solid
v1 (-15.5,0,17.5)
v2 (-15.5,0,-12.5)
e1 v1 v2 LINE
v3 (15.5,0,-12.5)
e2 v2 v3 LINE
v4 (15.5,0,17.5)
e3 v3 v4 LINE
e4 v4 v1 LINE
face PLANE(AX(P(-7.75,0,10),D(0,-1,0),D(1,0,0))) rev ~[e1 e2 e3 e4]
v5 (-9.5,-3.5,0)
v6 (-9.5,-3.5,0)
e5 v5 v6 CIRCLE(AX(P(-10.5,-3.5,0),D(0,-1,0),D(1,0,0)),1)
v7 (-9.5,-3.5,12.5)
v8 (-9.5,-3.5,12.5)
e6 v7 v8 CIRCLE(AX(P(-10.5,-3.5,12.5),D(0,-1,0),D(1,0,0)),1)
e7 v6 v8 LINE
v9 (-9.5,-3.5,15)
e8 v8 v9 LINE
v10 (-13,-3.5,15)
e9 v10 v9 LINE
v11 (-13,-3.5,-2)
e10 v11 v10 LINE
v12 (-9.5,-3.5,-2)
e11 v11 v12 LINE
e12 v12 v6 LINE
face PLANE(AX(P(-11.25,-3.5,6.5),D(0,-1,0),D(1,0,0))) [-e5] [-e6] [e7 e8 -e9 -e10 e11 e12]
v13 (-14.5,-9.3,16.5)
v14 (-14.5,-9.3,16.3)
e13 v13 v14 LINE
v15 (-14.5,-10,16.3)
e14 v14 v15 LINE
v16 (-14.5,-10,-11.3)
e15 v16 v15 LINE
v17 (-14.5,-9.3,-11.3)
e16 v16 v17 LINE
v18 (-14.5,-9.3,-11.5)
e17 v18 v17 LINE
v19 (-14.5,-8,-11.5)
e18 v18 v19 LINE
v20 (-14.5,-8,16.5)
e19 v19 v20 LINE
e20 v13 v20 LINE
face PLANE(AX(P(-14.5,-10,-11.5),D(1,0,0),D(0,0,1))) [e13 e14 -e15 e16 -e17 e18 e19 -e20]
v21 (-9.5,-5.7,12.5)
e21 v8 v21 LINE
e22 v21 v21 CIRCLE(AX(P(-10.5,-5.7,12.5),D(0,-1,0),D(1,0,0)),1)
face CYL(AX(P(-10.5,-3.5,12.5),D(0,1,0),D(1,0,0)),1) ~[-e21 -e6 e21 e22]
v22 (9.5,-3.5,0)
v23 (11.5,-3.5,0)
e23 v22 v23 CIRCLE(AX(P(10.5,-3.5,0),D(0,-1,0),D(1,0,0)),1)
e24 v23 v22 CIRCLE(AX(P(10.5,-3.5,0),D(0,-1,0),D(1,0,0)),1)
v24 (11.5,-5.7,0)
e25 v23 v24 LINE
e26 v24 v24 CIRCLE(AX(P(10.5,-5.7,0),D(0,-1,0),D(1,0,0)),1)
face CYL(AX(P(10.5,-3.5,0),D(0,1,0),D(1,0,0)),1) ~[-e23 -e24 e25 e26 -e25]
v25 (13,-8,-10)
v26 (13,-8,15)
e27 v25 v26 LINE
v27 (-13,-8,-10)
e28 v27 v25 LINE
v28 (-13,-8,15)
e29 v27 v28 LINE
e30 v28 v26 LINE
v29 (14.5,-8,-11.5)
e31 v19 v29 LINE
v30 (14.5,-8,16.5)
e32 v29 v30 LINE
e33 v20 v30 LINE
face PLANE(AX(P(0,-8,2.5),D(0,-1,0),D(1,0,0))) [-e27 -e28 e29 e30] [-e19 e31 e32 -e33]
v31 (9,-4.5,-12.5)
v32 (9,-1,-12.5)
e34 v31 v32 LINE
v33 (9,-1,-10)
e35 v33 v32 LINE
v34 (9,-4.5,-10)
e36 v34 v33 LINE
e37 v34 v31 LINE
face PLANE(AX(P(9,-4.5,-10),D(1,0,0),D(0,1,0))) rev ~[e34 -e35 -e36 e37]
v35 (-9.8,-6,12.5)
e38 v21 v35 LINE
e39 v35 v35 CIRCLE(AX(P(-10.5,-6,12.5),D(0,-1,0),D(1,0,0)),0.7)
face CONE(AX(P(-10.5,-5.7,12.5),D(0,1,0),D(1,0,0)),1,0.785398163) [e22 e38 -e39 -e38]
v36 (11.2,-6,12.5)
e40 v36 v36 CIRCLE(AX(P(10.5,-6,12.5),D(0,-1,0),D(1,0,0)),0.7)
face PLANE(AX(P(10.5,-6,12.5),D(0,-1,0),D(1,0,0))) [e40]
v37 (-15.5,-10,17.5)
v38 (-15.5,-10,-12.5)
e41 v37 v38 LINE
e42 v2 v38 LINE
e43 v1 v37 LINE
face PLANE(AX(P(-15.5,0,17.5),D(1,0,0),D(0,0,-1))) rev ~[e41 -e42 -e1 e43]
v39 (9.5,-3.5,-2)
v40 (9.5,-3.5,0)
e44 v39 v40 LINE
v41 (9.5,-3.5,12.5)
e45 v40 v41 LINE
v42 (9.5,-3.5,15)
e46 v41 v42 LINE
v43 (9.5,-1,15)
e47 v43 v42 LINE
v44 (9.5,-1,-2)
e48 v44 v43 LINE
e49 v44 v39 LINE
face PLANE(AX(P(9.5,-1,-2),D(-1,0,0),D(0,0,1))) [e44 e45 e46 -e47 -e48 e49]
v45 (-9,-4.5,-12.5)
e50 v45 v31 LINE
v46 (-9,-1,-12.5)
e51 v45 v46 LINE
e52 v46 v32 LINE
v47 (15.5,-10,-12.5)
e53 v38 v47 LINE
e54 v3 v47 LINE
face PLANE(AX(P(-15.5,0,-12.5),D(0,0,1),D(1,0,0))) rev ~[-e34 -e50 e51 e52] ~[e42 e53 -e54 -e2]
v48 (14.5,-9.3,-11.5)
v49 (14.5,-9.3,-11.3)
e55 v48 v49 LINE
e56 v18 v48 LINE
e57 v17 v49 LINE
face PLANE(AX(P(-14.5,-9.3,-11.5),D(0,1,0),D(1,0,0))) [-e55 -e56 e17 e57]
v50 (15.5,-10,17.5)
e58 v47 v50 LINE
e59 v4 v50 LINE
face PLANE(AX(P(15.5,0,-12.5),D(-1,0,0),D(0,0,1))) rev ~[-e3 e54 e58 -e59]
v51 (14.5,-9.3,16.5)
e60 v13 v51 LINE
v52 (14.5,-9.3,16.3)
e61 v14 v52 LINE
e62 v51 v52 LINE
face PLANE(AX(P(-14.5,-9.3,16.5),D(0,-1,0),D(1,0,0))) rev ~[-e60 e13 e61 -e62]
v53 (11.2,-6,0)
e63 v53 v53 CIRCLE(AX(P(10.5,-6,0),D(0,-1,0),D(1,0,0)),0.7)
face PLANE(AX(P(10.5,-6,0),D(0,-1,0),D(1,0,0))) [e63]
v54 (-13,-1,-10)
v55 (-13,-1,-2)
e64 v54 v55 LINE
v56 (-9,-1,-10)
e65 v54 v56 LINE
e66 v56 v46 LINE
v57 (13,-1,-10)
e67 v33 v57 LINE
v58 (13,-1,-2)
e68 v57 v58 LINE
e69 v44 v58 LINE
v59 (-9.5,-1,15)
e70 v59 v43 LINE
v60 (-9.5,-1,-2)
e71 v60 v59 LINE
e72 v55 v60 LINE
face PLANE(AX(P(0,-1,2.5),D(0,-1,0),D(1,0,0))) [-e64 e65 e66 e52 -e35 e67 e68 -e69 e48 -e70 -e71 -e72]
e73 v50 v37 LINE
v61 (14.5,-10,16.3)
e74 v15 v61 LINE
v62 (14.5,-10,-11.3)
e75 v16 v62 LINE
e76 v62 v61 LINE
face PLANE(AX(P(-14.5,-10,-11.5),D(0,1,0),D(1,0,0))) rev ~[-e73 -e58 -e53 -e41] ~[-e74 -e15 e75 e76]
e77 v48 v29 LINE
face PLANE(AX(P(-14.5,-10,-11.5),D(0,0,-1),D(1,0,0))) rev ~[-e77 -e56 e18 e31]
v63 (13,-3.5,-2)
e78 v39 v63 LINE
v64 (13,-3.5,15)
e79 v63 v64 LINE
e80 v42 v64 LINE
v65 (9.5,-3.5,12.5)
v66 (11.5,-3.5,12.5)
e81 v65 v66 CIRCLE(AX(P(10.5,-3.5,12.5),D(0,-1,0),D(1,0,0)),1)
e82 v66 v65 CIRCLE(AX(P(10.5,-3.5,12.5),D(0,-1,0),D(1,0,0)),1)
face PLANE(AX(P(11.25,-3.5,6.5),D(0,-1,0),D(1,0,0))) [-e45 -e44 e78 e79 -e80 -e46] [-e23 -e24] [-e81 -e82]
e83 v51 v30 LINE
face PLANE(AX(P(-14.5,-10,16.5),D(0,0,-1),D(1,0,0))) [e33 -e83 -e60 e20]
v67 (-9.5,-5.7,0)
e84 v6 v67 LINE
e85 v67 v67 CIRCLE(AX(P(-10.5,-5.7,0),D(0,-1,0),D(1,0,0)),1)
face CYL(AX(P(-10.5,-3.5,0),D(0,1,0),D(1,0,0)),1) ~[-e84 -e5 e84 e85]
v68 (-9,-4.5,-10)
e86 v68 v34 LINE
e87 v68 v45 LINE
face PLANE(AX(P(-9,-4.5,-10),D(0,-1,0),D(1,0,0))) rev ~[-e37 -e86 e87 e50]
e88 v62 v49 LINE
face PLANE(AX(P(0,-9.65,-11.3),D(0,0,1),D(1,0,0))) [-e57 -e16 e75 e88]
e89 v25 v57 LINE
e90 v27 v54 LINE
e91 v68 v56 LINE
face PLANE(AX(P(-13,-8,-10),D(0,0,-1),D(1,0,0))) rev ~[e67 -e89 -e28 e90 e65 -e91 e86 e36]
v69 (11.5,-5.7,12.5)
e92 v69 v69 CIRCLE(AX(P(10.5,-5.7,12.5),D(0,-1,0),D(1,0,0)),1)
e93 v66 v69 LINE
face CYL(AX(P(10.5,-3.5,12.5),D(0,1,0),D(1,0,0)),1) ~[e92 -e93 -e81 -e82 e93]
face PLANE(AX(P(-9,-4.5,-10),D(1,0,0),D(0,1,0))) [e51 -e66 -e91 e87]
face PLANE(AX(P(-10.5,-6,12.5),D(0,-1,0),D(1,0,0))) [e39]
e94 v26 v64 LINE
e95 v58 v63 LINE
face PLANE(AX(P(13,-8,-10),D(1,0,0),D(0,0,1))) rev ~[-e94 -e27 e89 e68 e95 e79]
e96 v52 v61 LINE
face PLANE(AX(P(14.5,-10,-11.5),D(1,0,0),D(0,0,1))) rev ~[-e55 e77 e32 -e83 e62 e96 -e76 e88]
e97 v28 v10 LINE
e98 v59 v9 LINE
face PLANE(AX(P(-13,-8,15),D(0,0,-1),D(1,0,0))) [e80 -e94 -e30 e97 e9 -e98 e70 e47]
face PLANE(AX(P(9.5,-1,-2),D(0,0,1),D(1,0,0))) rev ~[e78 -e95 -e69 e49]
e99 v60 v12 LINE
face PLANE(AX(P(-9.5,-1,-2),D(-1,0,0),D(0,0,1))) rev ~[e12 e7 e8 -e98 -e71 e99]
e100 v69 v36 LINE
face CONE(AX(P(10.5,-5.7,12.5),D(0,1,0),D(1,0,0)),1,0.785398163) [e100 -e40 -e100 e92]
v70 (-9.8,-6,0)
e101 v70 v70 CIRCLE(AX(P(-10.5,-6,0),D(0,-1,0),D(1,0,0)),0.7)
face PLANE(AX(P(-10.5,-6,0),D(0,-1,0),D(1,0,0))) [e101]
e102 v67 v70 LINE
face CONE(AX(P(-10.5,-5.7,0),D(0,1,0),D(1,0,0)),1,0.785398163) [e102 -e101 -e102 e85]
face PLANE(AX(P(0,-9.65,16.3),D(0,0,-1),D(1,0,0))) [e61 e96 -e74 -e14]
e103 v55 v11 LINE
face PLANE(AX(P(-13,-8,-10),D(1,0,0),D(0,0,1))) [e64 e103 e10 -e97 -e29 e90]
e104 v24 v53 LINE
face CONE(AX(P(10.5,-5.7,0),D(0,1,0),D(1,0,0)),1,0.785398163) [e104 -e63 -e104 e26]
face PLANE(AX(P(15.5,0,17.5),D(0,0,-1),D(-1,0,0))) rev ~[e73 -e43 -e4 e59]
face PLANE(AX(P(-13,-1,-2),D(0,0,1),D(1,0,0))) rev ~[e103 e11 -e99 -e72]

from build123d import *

# Parameters (mm, degrees)
F0_W      = 15.5
F0_H      = 15
F1_DEPTH  = 10
F2_W      = 29
F2_H      = 28
F3_DEPTH  = 2
F4_W      = 26
F4_H      = 25
F5_DEPTH  = 7
F6_W      = 3.5
F6_H      = 17
F7_DEPTH  = 2.5
F8_R      = 1
F9_DEPTH  = 2.5
F10_W     = 18
F10_H     = 3.5
F11_DEPTH = 25
F12_SIZE  = 0.3
F13_W     = 29
F13_H     = 0.7
F14_DEPTH = 0.2
F15_W     = 29
F15_H     = 0.7
F16_DEPTH = 0.2


with BuildPart() as f1:
    # F0 (on Front) → F1 (new body)
    with BuildSketch(Plane.XZ):
        with Locations((-7.75, 10)):
            Rectangle(F0_W, F0_H)
        with Locations((7.75, 10)):
            Rectangle(F0_W, F0_H)
        with Locations((-7.75, -5)):
            Rectangle(F0_W, F0_H)
        with Locations((7.75, -5)):
            Rectangle(F0_W, F0_H)
    extrude(amount=F1_DEPTH)

    # F2 (on face) → F3 (cut)
    with BuildSketch(Plane.XZ.offset(10)):
        with Locations((0, 2.5)):
            Rectangle(F2_W, F2_H)
    extrude(amount=-F3_DEPTH, mode=Mode.SUBTRACT)

    # F4 (on face) → F5 (cut)
    with BuildSketch(Plane.XZ.offset(8)):
        with Locations((0, 2.5)):
            Rectangle(F4_W, F4_H)
    extrude(amount=-F5_DEPTH, mode=Mode.SUBTRACT)

    # F6 (on face) → F7 (join)
    with BuildSketch(Plane.XZ.offset(1)):
        with Locations((-11.25, 6.5)):
            Rectangle(F6_W, F6_H)
        with Locations((11.25, 6.5)):
            Rectangle(F6_W, F6_H)
    extrude(amount=F7_DEPTH)

    # F8 (on face) → F9 (join)
    with BuildSketch(Plane.XZ.offset(3.5)):
        with Locations((-10.5, 12.5)):
            Circle(F8_R)
        with Locations((-10.5, 0)):
            Circle(F8_R)
        with Locations((10.5, 12.5)):
            Circle(F8_R)
        with Locations((10.5, 0)):
            Circle(F8_R)
    extrude(amount=F9_DEPTH)

    # F10 (on face) → F11 (cut)
    with BuildSketch(Plane.XY.offset(-10)):
        with Locations((0, -2.75)):
            Rectangle(F10_W, F10_H)
    extrude(amount=-F11_DEPTH, mode=Mode.SUBTRACT)

    # F12
    f12_edges = [f1.edges().sort_by_distance(p)[0] for p in [
        (-11.5, -6, 12.5),
        (-11.5, -6, 0),
        (9.5, -6, 12.5),
        (9.5, -6, 0),
    ]]
    chamfer(f12_edges, length=F12_SIZE)

    # F13 (on face) → F14 (join)
    with BuildSketch(Plane(origin=(0, 0, 16.5), x_dir=(1, 0, 0), z_dir=(0, 0, -1))):
        with Locations((0, 9.65)):
            Rectangle(F13_W, F13_H)
    extrude(amount=F14_DEPTH)

    # F15 (on face) → F16 (join)
    with BuildSketch(Plane.XY.offset(-11.5)):
        with Locations((0, -9.65)):
            Rectangle(F15_W, F15_H)
    extrude(amount=F16_DEPTH)


solid = f1.part
